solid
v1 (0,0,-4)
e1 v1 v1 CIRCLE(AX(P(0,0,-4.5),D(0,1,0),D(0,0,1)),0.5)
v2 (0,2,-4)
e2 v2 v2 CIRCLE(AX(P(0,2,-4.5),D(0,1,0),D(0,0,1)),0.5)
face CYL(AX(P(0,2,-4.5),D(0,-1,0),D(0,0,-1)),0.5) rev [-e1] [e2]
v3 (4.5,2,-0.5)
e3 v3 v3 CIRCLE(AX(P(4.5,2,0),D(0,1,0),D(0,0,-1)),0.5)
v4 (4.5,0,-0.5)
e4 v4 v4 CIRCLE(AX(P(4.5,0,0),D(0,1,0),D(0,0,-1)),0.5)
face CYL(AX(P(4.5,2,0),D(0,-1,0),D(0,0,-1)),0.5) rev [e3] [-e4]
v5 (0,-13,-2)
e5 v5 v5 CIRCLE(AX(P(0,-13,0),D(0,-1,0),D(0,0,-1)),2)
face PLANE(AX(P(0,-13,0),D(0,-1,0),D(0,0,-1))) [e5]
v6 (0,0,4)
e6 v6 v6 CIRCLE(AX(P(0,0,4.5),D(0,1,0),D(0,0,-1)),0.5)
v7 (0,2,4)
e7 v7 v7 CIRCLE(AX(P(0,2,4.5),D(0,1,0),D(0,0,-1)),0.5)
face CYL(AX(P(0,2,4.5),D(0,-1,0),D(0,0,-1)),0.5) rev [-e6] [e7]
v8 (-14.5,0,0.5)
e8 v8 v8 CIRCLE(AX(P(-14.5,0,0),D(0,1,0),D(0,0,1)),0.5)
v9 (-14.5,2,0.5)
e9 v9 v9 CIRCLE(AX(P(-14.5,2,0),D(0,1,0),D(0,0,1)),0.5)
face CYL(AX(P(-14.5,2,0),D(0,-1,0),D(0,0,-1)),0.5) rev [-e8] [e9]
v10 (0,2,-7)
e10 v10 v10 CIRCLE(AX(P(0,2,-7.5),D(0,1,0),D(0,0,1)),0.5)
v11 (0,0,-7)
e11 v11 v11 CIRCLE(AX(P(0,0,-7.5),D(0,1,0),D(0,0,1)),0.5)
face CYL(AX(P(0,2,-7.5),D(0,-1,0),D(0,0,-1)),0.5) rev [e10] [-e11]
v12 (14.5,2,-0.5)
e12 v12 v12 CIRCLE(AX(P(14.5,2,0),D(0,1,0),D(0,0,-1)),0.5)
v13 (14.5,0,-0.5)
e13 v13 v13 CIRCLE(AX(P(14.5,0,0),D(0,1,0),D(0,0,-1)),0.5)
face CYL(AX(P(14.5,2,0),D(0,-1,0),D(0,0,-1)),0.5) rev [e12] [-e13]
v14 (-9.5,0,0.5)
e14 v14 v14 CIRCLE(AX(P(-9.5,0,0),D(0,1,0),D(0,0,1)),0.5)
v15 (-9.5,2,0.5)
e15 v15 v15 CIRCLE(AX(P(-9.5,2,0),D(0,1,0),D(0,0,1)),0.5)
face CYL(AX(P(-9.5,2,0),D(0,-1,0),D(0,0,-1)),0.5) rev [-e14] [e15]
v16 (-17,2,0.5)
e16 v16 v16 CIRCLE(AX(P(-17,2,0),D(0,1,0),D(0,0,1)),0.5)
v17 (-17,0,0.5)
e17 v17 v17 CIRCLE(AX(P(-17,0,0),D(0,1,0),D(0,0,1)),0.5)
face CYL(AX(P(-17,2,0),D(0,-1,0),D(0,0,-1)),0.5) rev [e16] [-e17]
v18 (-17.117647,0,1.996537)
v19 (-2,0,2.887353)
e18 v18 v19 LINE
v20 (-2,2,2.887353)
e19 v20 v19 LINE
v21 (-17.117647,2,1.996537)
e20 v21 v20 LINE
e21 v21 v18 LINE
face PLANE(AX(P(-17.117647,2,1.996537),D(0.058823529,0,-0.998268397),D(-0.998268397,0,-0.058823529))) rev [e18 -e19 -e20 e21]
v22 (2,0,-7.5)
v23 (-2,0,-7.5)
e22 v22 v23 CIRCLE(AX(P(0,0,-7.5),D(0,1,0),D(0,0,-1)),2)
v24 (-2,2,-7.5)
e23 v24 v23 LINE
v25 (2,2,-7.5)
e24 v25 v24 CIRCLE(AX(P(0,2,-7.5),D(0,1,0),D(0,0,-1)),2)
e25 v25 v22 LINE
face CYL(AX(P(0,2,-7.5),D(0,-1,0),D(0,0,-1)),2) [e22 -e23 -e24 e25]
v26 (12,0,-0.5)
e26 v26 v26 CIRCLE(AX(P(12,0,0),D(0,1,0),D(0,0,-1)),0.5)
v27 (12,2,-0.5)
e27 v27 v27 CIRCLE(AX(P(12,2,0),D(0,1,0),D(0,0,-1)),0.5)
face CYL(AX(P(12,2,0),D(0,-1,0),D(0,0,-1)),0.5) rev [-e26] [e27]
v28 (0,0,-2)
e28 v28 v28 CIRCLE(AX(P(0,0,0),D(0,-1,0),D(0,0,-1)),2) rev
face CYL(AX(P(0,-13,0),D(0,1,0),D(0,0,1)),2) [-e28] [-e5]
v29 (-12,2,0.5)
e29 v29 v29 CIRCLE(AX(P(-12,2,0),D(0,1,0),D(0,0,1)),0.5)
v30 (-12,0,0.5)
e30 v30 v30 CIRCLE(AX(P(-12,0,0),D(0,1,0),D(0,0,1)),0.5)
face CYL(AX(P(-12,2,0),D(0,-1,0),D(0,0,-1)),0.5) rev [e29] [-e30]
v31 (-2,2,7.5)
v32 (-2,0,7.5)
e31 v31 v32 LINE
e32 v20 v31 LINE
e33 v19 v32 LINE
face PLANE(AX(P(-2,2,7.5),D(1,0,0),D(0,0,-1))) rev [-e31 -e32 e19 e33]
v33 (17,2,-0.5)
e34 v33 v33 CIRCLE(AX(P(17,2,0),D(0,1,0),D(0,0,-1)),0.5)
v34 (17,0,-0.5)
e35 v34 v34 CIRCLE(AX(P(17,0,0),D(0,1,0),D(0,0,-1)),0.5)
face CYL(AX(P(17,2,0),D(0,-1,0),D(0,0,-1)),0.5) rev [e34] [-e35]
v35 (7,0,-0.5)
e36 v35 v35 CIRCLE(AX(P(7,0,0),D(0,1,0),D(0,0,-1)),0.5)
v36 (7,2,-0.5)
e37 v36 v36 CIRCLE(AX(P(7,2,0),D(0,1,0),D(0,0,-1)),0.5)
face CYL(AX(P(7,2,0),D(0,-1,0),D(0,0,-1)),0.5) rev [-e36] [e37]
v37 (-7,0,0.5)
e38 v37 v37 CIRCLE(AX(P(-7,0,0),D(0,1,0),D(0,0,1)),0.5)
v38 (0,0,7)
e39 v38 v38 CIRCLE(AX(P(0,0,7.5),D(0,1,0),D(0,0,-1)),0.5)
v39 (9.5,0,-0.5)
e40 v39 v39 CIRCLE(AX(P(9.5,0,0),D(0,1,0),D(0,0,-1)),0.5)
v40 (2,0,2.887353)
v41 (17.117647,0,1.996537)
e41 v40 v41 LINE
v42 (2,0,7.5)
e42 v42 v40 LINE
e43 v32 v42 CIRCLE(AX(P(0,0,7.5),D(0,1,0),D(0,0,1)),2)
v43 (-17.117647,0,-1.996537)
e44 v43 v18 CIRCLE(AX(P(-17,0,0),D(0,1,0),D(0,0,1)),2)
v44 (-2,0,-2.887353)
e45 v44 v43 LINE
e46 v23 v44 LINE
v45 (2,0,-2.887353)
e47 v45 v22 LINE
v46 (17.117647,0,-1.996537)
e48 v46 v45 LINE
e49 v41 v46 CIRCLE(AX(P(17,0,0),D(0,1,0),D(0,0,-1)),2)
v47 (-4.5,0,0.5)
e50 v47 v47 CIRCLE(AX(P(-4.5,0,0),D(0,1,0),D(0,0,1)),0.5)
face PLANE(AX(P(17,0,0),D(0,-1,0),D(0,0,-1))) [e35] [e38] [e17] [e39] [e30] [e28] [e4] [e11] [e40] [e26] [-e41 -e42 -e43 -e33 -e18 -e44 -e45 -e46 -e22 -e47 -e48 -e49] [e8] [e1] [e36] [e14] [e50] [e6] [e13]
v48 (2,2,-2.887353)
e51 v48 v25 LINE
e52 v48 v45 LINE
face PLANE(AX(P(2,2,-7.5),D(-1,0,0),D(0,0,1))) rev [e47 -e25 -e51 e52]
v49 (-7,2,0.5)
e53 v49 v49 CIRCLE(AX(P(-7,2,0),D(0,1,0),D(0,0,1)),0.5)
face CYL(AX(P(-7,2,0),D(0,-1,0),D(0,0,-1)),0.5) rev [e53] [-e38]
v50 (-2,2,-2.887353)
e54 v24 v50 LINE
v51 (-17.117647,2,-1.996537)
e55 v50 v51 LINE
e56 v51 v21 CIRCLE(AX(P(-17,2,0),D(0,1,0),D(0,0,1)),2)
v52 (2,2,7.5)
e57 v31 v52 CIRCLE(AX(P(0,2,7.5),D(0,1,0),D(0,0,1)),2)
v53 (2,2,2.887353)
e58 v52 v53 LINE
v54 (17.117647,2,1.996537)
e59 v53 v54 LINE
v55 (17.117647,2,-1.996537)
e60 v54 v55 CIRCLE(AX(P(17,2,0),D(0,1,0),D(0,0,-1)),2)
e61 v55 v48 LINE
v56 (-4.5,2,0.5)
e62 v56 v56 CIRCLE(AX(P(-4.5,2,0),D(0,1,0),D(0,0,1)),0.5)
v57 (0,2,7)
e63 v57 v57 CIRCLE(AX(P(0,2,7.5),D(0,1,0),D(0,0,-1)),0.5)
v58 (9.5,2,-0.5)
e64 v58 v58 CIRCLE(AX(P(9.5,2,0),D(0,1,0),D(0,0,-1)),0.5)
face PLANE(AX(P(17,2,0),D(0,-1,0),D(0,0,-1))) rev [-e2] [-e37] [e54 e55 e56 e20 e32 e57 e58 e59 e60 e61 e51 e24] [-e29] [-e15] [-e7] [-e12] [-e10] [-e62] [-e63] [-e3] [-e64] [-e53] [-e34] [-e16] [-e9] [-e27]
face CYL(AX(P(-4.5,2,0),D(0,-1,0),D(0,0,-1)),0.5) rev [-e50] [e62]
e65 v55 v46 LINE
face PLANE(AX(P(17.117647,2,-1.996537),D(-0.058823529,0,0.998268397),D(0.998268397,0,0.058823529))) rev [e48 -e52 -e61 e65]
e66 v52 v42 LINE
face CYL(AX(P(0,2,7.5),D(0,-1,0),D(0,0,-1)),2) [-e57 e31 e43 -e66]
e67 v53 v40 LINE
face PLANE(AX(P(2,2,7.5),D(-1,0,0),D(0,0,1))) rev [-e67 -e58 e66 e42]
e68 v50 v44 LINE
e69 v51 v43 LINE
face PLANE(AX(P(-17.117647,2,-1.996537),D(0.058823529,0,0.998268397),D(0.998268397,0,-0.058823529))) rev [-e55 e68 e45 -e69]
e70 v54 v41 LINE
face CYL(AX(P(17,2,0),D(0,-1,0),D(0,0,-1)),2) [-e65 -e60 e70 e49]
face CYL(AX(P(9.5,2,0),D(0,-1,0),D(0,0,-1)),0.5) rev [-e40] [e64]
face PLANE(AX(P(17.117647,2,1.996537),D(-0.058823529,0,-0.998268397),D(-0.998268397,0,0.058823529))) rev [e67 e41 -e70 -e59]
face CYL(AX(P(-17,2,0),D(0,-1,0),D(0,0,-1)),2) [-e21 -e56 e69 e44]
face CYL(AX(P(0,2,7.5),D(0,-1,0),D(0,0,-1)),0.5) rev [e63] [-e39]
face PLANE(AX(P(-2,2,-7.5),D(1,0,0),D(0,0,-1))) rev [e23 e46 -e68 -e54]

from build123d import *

# Parameters (mm, degrees)
SKETCH1_R           = 2
SKETCH1_R_2         = 0.5
BOSS_EXTRUDE1_DEPTH = 2
BOSS_EXTRUDE2_START = 2
SKETCH1_3_R         = 2
BOSS_EXTRUDE2_DEPTH = 15


with BuildPart() as part:
    # Sketch1 → Boss-Extrude1 (new body)
    with BuildSketch(Plane(origin=(0, 0, 0), x_dir=(1, 0, 0), z_dir=(0, 1, 0))):
        with BuildLine():
            Line((2, 7.5), (2, 2.88735269))
            Line((2, 2.88735269), (17.117647059, 1.996536794))
            ThreePointArc((17.117647059, 1.996536794), (19, 0), (17.117647059, -1.996536794))
            Line((17.117647059, -1.996536794), (2, -2.88735269))
            Line((2, -2.88735269), (2, -7.5))
            ThreePointArc((2, -7.5), (0, -9.5), (-2, -7.5))
            Line((-2, -7.5), (-2, -2.88735269))
            Line((-2, -2.88735269), (-17.117647059, -1.996536794))
            ThreePointArc((-17.117647059, -1.996536794), (-19, 0), (-17.117647059, 1.996536794))
            Line((-17.117647059, 1.996536794), (-2, 2.88735269))
            Line((-2, 2.88735269), (-2, 7.5))
            ThreePointArc((-2, 7.5), (0, 9.5), (2, 7.5))
        make_face()
        Circle(SKETCH1_R, mode=Mode.SUBTRACT)
        with Locations((-17, 0)):
            Circle(SKETCH1_R_2, mode=Mode.SUBTRACT)
        with Locations((17, 0)):
            Circle(SKETCH1_R_2, mode=Mode.SUBTRACT)
        with Locations((-14.5, 0)):
            Circle(SKETCH1_R_2, mode=Mode.SUBTRACT)
        with Locations((-12, 0)):
            Circle(SKETCH1_R_2, mode=Mode.SUBTRACT)
        with Locations((-9.5, 0)):
            Circle(SKETCH1_R_2, mode=Mode.SUBTRACT)
        with Locations((-7, 0)):
            Circle(SKETCH1_R_2, mode=Mode.SUBTRACT)
        with Locations((-4.5, 0)):
            Circle(SKETCH1_R_2, mode=Mode.SUBTRACT)
        with Locations((4.5, 0)):
            Circle(SKETCH1_R_2, mode=Mode.SUBTRACT)
        with Locations((7, 0)):
            Circle(SKETCH1_R_2, mode=Mode.SUBTRACT)
        with Locations((9.5, 0)):
            Circle(SKETCH1_R_2, mode=Mode.SUBTRACT)
        with Locations((12, 0)):
            Circle(SKETCH1_R_2, mode=Mode.SUBTRACT)
        with Locations((14.5, 0)):
            Circle(SKETCH1_R_2, mode=Mode.SUBTRACT)
        with Locations((0, 7.5)):
            Circle(SKETCH1_R_2, mode=Mode.SUBTRACT)
        with Locations((0, 4.5)):
            Circle(SKETCH1_R_2, mode=Mode.SUBTRACT)
        with Locations((0, -4.5)):
            Circle(SKETCH1_R_2, mode=Mode.SUBTRACT)
        with Locations((0, -7.5)):
            Circle(SKETCH1_R_2, mode=Mode.SUBTRACT)
    extrude(amount=BOSS_EXTRUDE1_DEPTH)

    # Sketch1<3> → Boss-Extrude2 (add)
    with BuildSketch(Plane(origin=(0, 0, 0), x_dir=(1, 0, 0), z_dir=(0, 1, 0)).offset(BOSS_EXTRUDE2_START)):
        Circle(SKETCH1_3_R)
    extrude(amount=-BOSS_EXTRUDE2_DEPTH)


solid = part.part
